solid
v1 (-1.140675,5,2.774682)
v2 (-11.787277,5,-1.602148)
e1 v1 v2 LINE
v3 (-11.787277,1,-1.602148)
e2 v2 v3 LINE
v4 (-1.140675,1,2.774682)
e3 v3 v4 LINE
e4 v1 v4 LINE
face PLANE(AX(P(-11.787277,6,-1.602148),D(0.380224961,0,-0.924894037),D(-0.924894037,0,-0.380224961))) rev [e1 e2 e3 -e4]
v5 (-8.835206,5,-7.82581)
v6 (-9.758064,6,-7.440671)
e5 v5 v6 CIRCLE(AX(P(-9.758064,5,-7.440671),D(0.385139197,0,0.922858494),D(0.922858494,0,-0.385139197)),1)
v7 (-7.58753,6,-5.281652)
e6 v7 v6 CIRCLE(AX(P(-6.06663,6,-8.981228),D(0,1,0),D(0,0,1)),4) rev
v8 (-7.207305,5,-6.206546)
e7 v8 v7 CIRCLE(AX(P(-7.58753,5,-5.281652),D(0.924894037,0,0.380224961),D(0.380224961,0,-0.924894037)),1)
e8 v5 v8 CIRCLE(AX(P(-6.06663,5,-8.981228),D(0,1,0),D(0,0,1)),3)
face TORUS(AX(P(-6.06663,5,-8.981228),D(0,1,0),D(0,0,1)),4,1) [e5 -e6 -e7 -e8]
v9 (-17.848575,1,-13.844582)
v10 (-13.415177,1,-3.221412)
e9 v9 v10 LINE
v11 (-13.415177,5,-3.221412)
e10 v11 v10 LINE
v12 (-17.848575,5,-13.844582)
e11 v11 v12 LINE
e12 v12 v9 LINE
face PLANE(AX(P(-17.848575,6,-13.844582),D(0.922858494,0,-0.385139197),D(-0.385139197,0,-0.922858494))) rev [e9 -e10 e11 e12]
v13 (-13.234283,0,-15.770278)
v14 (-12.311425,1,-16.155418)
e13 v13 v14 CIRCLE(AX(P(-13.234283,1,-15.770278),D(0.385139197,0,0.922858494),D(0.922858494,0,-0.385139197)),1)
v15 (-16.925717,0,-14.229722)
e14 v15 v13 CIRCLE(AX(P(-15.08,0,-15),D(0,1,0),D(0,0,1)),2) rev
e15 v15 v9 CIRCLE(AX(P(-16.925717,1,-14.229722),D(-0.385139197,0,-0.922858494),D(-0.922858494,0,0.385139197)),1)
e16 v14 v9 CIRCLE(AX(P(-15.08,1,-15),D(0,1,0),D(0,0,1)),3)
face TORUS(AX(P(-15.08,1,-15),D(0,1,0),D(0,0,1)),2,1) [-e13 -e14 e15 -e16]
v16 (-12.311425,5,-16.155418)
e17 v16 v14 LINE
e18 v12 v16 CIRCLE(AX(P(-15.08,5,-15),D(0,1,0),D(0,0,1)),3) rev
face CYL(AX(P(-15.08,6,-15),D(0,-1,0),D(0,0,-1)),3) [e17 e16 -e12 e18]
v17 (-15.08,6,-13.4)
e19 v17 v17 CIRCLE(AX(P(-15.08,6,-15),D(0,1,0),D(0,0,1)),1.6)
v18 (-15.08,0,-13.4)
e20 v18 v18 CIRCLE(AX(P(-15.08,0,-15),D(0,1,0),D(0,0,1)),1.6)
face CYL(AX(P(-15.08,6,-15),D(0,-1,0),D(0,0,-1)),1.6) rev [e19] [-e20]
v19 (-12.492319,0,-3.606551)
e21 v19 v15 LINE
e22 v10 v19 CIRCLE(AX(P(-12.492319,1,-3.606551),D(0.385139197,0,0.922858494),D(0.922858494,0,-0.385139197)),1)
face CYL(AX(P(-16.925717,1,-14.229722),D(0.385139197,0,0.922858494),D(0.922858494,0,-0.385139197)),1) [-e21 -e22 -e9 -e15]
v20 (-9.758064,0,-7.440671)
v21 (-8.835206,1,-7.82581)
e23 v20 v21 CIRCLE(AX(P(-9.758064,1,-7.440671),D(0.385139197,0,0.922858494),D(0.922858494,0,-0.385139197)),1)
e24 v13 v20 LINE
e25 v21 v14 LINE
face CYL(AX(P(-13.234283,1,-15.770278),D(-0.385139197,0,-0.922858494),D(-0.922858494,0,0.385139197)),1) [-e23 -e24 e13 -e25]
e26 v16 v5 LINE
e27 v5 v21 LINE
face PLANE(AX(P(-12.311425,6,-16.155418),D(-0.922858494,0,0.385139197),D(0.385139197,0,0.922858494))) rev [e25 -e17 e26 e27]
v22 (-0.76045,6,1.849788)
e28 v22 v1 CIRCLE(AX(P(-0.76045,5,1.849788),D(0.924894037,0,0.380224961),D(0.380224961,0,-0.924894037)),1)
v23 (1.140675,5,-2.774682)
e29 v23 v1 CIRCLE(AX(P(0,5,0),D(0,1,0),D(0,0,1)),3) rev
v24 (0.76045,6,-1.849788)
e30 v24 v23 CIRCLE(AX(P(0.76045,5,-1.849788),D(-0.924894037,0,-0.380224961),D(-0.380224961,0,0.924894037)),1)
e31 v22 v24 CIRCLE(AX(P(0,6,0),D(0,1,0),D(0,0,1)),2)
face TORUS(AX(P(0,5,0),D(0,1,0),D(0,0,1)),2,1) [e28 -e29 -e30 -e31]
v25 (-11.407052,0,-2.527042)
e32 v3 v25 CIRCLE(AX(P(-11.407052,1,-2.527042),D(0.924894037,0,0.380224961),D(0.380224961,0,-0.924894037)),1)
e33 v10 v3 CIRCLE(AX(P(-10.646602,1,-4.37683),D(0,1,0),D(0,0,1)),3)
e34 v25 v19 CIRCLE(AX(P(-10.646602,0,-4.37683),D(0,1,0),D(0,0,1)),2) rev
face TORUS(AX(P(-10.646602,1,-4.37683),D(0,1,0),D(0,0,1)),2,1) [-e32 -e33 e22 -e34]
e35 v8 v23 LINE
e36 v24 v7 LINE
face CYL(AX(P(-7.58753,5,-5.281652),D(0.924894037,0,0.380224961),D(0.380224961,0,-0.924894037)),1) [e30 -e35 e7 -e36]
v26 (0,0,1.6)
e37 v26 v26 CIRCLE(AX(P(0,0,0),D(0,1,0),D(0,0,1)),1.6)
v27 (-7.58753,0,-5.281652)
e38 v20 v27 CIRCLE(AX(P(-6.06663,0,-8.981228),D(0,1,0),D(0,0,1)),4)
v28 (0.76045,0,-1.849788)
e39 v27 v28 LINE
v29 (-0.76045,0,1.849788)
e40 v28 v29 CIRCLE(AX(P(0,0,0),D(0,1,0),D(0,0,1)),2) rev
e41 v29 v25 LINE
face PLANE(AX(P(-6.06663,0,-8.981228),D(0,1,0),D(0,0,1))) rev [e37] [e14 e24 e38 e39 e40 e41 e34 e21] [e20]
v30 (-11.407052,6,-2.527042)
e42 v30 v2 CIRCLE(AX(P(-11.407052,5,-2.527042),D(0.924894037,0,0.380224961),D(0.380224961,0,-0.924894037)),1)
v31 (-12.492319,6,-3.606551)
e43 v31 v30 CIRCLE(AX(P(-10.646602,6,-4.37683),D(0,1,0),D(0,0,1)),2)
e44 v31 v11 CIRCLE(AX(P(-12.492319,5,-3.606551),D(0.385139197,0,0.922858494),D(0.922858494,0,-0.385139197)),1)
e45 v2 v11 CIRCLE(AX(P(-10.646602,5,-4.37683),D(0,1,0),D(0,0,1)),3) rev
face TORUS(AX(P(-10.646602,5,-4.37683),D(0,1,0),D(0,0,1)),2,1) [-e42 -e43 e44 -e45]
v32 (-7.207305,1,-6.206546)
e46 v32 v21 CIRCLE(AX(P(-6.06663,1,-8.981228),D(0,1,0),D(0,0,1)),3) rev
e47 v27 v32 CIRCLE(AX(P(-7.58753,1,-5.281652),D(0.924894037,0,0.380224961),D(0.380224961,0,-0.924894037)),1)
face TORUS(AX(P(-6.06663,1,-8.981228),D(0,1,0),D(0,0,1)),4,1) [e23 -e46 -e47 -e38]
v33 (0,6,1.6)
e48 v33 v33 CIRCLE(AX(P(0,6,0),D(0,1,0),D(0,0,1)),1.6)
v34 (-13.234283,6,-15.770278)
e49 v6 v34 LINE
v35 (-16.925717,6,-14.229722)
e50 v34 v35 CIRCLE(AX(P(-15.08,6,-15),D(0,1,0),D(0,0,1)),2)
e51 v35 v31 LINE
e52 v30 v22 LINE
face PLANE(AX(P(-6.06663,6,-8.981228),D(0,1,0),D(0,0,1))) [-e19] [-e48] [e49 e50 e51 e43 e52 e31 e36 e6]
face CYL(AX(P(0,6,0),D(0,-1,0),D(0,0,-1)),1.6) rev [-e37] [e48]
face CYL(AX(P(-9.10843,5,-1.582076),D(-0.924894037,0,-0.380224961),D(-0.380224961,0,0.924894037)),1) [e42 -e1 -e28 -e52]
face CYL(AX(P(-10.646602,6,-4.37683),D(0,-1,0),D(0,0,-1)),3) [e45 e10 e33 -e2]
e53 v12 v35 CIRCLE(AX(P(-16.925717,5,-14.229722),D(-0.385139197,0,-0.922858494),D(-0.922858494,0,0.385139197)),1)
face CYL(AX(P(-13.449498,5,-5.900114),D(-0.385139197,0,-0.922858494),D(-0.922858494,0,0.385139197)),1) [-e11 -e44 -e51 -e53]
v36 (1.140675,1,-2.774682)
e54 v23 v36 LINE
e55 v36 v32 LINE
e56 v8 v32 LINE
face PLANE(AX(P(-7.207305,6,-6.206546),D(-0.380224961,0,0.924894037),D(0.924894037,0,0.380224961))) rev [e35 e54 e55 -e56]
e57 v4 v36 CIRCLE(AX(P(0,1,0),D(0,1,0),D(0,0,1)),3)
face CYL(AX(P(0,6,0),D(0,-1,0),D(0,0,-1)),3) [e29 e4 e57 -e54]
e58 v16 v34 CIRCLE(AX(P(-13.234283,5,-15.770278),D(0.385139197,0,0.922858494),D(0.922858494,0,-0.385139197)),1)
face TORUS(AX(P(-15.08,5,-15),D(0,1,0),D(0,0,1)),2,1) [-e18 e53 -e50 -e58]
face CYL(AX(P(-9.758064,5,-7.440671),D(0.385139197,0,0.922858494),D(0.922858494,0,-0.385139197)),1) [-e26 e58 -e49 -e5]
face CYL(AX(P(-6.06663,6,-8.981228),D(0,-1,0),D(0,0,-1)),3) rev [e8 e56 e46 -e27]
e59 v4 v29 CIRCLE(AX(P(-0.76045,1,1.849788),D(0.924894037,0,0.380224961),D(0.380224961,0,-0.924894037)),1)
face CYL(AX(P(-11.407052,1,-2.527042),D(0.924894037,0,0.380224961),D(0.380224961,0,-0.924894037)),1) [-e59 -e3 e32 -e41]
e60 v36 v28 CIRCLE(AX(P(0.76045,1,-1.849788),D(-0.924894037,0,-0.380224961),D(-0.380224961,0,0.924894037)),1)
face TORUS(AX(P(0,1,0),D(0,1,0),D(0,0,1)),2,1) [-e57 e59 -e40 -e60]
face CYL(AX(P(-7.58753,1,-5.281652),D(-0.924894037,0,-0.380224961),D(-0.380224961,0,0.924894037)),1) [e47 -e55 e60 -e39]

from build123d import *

# Parameters (mm, degrees)
SKETCH1_R           = 1.6
BOSS_EXTRUDE1_DEPTH = 6
FILLET2_R           = 1


with BuildPart() as part:
    # Sketch1 → Boss-Extrude1 (new body)
    with BuildSketch(Plane(origin=(0, 0, 0), x_dir=(1, 0, 0), z_dir=(0, 1, 0))):
        with BuildLine():
            Line((-17.848575481, 13.84458241), (-13.415177199, 3.22141215))
            ThreePointArc((-13.415177199, 3.22141215), (-12.76227277, 2.249875109), (-11.787276601, 1.60214763))
            Line((-11.787276601, 1.60214763), (-1.140674884, -2.77468211))
            ThreePointArc((-1.140674884, -2.77468211), (2.77468211, -1.140674884), (1.140674884, 2.77468211))
            Line((1.140674884, 2.77468211), (-7.207304912, 6.206545835))
            ThreePointArc((-7.207304912, 6.206545835), (-8.18230108, 6.854273314), (-8.835205509, 7.825810355))
            Line((-8.835205509, 7.825810355), (-12.311424519, 16.15541759))
            ThreePointArc((-12.311424519, 16.15541759), (-16.23541759, 17.768575481), (-17.848575481, 13.84458241))
        make_face()
        with Locations(Location((-15.08, 15, 0), (0, 0, 270))):
            Circle(SKETCH1_R, mode=Mode.SUBTRACT)
        with Locations(Location((0, 0, 0), (0, 0, 270))):
            Circle(SKETCH1_R, mode=Mode.SUBTRACT)
    extrude(amount=BOSS_EXTRUDE1_DEPTH)

    # Fillet2
    fillet2_edges = [part.edges().sort_by_distance(p)[0] for p in [
        (-15.63187634, 0, -8.53299728),
        (-16.23541759, 0, -17.768575481),
        (-10.573315014, 0, -11.990613972),
        (-8.18230108, 0, -6.854273314),
        (-16.23541759, 6, -17.768575481),
        (-15.63187634, 6, -8.53299728),
        (-12.76227277, 6, -2.249875109),
        (-6.463975743, 6, 0.58626724),
        (2.77468211, 6, 1.140674884),
        (-3.033315014, 6, -4.490613972),
        (-8.18230108, 6, -6.854273314),
        (-3.033315014, 0, -4.490613972),
        (-10.573315014, 6, -11.990613972),
        (2.77468211, 0, 1.140674884),
        (-6.463975743, 0, 0.58626724),
        (-12.76227277, 0, -2.249875109),
    ]]
    fillet(fillet2_edges, radius=FILLET2_R)


solid = part.part
